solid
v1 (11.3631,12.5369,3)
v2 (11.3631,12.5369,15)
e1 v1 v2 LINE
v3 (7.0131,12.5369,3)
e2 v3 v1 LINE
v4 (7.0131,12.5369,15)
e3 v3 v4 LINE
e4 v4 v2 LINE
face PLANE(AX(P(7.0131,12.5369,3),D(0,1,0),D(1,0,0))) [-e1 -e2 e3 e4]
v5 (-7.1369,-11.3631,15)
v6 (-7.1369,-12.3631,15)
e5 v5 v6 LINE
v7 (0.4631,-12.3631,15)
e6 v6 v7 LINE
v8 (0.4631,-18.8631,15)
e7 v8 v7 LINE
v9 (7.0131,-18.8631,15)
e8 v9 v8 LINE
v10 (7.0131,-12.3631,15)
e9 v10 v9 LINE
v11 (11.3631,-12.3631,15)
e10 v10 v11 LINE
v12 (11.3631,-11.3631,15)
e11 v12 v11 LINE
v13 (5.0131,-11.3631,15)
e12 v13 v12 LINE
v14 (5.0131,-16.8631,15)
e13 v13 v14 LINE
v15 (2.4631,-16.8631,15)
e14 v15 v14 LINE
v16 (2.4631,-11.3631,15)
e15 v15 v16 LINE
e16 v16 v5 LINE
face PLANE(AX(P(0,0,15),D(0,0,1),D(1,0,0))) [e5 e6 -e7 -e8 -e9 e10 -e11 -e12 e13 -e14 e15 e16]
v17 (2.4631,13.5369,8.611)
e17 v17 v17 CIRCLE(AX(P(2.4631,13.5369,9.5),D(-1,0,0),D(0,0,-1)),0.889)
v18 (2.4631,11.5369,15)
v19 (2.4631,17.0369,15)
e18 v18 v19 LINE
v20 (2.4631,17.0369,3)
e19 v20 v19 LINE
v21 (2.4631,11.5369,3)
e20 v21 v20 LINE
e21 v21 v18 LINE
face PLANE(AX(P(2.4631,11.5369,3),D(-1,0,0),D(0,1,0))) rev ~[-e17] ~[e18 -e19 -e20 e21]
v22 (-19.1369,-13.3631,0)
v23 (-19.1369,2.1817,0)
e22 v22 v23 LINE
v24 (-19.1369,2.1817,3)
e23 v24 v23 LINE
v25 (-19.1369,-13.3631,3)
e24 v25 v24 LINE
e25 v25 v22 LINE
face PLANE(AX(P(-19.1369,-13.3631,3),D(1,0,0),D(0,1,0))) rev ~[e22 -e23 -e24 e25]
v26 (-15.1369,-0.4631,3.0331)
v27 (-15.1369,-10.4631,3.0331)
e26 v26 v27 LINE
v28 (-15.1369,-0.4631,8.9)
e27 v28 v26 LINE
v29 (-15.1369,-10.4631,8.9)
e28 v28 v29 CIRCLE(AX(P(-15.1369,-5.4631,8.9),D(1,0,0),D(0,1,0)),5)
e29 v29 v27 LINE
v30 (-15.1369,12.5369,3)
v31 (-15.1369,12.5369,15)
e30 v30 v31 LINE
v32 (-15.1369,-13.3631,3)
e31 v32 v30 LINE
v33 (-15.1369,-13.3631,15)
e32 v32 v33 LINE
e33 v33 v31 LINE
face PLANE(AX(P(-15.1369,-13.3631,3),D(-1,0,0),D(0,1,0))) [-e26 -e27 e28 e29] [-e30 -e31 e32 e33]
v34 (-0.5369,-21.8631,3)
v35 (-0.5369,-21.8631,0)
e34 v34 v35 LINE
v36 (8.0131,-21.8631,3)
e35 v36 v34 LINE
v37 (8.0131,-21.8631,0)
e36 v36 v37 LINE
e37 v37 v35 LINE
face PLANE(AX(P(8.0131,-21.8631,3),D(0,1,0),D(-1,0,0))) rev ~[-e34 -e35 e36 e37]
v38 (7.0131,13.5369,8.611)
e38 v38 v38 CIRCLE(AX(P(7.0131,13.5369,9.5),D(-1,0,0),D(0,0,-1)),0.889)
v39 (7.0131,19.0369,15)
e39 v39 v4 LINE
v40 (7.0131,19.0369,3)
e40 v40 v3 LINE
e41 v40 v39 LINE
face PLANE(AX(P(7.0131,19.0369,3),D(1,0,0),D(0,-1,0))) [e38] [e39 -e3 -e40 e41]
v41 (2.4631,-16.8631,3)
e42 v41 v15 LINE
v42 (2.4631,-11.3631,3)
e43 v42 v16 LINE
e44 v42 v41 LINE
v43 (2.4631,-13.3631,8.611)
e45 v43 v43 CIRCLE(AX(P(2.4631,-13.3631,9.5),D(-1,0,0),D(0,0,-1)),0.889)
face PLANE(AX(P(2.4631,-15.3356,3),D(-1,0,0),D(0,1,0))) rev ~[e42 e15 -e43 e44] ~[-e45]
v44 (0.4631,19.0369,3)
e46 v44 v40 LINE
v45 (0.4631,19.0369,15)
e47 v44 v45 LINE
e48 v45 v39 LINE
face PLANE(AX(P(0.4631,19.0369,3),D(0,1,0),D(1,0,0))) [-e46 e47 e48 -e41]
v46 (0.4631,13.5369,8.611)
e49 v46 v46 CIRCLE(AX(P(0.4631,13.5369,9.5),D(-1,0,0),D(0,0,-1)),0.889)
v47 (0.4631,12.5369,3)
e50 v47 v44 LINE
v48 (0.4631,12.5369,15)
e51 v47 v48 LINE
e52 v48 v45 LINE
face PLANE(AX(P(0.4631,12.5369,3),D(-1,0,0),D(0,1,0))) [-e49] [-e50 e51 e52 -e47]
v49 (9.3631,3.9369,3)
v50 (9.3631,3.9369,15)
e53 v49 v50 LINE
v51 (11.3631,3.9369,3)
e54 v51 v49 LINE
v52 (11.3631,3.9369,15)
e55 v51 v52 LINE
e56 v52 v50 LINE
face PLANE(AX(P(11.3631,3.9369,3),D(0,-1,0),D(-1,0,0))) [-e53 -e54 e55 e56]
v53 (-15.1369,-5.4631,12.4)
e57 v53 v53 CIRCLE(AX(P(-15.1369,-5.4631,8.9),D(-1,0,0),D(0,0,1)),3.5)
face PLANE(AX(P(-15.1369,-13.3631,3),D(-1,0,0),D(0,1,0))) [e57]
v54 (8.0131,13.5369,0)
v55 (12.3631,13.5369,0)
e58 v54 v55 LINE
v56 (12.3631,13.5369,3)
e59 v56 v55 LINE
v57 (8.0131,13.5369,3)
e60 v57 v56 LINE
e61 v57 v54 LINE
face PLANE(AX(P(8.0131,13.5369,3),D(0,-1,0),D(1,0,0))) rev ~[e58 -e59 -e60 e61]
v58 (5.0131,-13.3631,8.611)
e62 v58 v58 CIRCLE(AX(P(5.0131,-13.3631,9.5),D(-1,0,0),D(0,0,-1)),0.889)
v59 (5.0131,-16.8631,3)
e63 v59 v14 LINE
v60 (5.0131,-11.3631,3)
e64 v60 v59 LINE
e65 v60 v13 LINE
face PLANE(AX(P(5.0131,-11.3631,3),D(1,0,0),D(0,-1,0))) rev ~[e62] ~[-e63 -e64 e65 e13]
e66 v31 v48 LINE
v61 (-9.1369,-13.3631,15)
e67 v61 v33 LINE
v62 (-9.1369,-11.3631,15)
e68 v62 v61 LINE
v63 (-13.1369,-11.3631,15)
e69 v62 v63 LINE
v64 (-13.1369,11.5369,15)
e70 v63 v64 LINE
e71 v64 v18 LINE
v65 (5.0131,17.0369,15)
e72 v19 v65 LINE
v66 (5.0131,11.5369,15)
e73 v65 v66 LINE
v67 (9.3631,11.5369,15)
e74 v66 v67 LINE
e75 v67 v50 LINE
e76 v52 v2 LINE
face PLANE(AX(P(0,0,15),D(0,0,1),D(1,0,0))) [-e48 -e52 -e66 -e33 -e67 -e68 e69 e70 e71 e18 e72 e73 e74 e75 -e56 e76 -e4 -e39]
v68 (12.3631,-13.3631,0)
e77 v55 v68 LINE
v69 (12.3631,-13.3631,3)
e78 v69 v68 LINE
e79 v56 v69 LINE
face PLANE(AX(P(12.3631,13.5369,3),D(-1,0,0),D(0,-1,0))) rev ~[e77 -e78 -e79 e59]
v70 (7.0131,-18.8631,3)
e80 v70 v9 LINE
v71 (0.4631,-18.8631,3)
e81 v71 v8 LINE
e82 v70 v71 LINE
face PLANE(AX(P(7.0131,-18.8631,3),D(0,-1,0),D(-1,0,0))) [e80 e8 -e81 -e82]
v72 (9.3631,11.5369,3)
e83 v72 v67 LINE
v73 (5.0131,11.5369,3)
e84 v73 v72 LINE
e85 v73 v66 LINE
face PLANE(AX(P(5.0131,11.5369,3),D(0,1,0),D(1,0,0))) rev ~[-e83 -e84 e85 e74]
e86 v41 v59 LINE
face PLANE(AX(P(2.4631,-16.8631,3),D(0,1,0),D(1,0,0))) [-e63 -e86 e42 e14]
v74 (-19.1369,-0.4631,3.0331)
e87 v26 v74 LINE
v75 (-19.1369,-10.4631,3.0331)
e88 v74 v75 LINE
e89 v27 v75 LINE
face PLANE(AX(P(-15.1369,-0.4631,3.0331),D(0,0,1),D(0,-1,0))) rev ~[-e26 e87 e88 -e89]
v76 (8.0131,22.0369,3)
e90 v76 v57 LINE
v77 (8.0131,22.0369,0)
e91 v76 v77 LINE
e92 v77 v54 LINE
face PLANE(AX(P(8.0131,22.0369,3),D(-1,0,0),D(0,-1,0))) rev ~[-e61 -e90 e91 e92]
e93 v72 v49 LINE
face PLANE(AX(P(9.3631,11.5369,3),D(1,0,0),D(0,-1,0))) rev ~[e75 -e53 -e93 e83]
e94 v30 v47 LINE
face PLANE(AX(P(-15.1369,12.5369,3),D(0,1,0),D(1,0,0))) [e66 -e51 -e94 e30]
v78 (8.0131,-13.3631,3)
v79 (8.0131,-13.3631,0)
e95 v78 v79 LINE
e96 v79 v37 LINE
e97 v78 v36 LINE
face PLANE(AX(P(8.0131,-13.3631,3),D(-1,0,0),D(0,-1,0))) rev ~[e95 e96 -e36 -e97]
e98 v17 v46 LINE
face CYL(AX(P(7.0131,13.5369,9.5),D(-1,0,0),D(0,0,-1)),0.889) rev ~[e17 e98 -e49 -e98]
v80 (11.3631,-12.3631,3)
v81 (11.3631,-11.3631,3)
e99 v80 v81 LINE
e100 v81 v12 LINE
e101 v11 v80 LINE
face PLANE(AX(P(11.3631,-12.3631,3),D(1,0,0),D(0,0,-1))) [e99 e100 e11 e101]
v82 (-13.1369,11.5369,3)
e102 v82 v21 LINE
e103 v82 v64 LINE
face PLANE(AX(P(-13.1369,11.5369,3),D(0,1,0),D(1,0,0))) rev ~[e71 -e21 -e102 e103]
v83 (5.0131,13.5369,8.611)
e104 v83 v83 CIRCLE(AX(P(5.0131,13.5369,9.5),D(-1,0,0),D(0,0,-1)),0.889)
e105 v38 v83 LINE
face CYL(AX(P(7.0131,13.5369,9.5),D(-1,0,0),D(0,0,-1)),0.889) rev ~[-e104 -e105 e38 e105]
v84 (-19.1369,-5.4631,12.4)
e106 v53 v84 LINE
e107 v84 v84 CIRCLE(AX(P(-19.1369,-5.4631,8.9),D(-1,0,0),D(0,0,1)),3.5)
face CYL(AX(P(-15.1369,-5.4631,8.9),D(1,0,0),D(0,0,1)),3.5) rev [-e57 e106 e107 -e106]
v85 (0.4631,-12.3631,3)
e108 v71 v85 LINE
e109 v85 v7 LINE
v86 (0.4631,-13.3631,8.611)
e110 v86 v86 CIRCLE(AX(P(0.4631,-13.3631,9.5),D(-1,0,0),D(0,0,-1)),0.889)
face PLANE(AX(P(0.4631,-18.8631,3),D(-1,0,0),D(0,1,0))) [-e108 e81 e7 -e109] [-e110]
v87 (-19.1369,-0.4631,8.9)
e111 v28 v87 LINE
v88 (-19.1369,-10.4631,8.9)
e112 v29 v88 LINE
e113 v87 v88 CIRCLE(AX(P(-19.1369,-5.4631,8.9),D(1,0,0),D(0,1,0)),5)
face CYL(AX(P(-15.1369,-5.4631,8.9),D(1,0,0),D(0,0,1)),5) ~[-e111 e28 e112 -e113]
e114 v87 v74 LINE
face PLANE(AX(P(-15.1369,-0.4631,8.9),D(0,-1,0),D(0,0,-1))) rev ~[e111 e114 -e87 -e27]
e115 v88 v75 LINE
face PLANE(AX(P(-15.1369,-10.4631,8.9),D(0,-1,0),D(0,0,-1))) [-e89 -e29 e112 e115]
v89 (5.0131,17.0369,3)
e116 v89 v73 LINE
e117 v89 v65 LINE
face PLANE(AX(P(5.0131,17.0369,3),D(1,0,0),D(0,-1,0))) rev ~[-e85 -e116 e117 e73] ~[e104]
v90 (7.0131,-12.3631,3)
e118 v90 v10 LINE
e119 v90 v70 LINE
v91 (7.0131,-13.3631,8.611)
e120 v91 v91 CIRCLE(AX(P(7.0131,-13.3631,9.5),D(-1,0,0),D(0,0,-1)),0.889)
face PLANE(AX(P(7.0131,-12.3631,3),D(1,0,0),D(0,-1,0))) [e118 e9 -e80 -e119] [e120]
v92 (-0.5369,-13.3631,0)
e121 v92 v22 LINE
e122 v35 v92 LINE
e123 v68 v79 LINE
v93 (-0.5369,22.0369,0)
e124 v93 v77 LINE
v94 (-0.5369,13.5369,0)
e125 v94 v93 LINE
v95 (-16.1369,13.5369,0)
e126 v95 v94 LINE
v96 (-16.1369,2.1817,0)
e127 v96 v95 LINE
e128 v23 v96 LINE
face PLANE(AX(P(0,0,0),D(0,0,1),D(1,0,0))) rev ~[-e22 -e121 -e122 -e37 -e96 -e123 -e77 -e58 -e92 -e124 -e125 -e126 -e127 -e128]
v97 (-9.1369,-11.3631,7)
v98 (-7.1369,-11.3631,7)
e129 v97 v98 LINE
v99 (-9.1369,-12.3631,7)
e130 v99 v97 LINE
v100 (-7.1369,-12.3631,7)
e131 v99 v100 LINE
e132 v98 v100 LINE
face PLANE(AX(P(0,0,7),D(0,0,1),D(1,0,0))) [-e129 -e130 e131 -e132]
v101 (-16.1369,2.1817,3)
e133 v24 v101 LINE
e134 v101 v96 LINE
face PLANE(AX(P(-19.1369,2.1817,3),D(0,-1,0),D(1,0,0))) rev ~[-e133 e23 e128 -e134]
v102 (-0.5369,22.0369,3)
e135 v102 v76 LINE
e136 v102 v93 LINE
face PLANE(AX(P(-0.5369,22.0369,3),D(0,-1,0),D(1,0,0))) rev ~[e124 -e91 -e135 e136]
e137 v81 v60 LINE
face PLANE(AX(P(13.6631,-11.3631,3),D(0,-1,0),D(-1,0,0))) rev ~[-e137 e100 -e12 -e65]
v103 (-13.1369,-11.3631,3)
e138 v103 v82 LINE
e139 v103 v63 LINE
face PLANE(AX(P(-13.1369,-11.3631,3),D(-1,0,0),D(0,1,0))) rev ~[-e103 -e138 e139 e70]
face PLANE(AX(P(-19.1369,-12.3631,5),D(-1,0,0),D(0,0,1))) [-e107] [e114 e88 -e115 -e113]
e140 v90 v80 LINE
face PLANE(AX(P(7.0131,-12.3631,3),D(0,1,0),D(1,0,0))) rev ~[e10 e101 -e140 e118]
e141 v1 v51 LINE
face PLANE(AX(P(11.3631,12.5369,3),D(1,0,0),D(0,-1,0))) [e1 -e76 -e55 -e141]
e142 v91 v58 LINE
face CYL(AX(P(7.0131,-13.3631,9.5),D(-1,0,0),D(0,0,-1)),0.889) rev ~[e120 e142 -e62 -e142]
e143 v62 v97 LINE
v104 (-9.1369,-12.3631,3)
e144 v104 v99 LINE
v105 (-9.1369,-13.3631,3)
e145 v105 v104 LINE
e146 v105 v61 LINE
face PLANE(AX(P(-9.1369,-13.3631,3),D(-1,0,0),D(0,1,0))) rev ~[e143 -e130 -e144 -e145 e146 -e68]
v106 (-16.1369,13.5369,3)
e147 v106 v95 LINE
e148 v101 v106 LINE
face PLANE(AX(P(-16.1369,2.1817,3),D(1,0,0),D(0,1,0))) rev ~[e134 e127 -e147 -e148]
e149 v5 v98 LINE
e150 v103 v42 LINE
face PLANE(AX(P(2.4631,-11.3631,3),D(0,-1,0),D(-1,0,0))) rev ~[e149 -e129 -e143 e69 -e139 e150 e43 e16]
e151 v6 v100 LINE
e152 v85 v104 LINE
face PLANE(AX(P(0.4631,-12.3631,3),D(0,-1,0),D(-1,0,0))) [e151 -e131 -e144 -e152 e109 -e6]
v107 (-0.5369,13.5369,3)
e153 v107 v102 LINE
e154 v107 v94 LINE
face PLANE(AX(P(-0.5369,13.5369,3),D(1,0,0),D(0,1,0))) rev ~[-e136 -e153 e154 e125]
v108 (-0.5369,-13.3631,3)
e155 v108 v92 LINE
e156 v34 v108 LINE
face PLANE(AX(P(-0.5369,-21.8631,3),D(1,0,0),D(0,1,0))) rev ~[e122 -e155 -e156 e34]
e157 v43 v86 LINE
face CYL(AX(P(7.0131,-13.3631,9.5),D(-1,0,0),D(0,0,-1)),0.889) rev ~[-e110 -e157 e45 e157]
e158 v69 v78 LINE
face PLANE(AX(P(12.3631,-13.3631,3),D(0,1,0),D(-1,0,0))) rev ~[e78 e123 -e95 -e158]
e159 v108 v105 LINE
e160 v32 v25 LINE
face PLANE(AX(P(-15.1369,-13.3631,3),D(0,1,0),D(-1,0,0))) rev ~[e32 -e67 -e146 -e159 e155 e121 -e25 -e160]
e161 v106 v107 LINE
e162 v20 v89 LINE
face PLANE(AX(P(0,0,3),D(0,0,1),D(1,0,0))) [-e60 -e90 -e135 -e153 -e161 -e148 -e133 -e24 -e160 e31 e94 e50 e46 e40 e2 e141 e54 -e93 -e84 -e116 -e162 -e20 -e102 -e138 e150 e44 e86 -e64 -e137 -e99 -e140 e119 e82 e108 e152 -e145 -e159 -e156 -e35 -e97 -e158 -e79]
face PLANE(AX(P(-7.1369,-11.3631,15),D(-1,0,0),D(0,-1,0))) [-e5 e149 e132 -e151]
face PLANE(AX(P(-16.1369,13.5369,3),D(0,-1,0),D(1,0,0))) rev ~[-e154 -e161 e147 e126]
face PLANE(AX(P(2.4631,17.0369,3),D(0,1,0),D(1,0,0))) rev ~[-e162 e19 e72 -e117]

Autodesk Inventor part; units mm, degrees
ref_plane "YZ Plane" through (0, 0, 0) normal (1, 0, 0) x (0, 1, 0)
sketch "Sketch1" plane through (0, 0, 0) normal (0, 0, 1) x (1, 0, 0)
  line L0 (-20, -23) -> (20, -23)
  line L1 (20, -23) -> (20, 23)
  line L2 (20, 23) -> (-20, 23)
  line L3 (-20, 23) -> (-20, -23)
  line L4 (-20, -23) -> (20, 23) construction
  line L5 (20, -23) -> (-20, 23) construction
  point P0 (0, 0)
  dimension "Szelesseg" = 40
  dimension "Magassag" = 46
extrude "Extrusion1" add sketch "Sketch1" along normal blind 3
sketch "Sketch12" plane through (0, 0, 3) normal (0, 0, 1) x (1, 0, 0)
  line L0 (9.3631, -11.3631) -> (5.0131, -11.3631)
  line L1 (5.0131, -11.3631) -> (5.0131, -16.8631)
  line L2 (2.4631, -15.3356) -> (2.4631, -11.3631)
  line L3 (-13.1369, -11.3631) -> (-13.1369, 11.5369)
  line L4 (-13.1369, 11.5369) -> (2.4631, 11.5369)
  line L5 (2.4631, 11.5369) -> (2.4631, 17.0369)
  line L6 (2.4631, 17.0369) -> (5.0131, 17.0369)
  line L7 (5.0131, 17.0369) -> (5.0131, 11.5369)
  line L8 (5.0131, 11.5369) -> (9.3631, 11.5369)
  line L9 (9.3631, 11.5369) -> (9.3631, 3.9369)
  line L10 (7.0131, -12.3631) -> (7.0131, -18.8631)
  line L11 (7.0131, -18.8631) -> (0.4631, -18.8631)
  line L12 (0.4631, -18.8631) -> (0.4631, -12.3631)
  line L13 (-15.1369, -13.3631) -> (-15.1369, 12.5369)
  line L14 (-15.1369, 12.5369) -> (0.4631, 12.5369)
  line L15 (0.4631, 12.5369) -> (0.4631, 19.0369)
  line L16 (0.4631, 19.0369) -> (7.0131, 19.0369)
  line L17 (7.0131, 19.0369) -> (7.0131, 12.5369)
  line L18 (7.0131, 12.5369) -> (11.3631, 12.5369)
  line L19 (11.3631, 12.5369) -> (11.3631, 5.6471)
  line L20 (7.0131, -12.3631) -> (13.6631, -12.3631)
  line L21 (13.6631, -12.3631) -> (13.6631, -11.3631)
  line L22 (13.6631, -11.3631) -> (9.3631, -11.3631)
  line L23 (-9.1369, -13.3631) -> (-9.1369, -11.3631)
  line L24 (-7.1369, -12.3631) -> (-7.1369, -11.3631)
  line L25 (0.4631, -12.3631) -> (-7.1369, -12.3631)
  line L26 (-9.1369, -13.3631) -> (-15.1369, -13.3631)
  line L27 (2.4631, -11.3631) -> (-7.1369, -11.3631)
  line L28 (-9.1369, -11.3631) -> (-13.1369, -11.3631)
  line L29 (-18.3631, -21.3631) -> (-18.3631, 21.3631)
  line L30 (18.3631, 21.3631) -> (18.3631, -21.3631) projected
  line L31 (18.3631, -21.3631) -> (-18.3631, -21.3631) projected
  line L32 (-18.3631, 21.3631) -> (18.3631, 21.3631) projected
  line L33 (2.4631, -15.3356) -> (2.4631, -16.8631)
  line L34 (-16.127, -19.127) -> (16.127, -19.127) projected
  line L35 (2.4631, -16.8631) -> (5.0131, -16.8631)
  line L36 (11.3631, 5.6471) -> (11.3631, 3.9369)
  line L37 (11.3631, 3.9369) -> (9.3631, 3.9369)
  line L38 (-9.1369, -12.3631) -> (-7.1369, -12.3631)
  line L39 (-9.1369, -11.3631) -> (-7.1369, -11.3631)
  point P0 (19.6785, 0.2929)
  dimension "d83" = 22.5
  dimension "d85" = 2.55
  dimension "d86" = 2.55
  dimension "d87" = 15.6
  dimension "d88" = 15.6
  dimension "d89" = 4.35
  dimension "d90" = 4.35
  dimension "d91" = 7.6
  dimension "d92" = 5.5
  dimension "d95" = 22.9
  dimension "d97" = 2
  dimension "d98" = 2
  dimension "d99" = 2
  dimension "d100" = 2
  dimension "d101" = 2
  dimension "d102" = 2
  dimension "d103" = 4.3
  dimension "d105" = 2
  dimension "d106" = 1
  dimension "d107" = 1
  dimension "d109" = 1
  dimension "d110" = 4
  dimension "d111" = 2
  dimension "d112" = 2
  dimension "d113" = 1
  dimension "d114" = 22.9
  dimension "d125" = 2.5
  dimension "d130" = 4.7
  dimension "d132" = 9
  dimension "d133" = 5.5
  dimension "d139" = 2
extrude "Extrusion4" add sketch "Sketch12" along normal blind 12 contours L22 L21 L20 L10 L11 L12 L25 L24 L27 L2 L33 L35 L1 L0 | L24 L38 L23 L39 | L23 L26 L13 L14 L15 L16 L17 L18 L19 L36 L37 L9 L8 L7 L6 L5 L4 L3 L28
sketch "Sketch14" plane through (0, 0, 15) normal (0, 0, 1) x (1, 0, 0)
  line L0 (-9.1369, -12.3631) -> (0.4631, -12.3631) projected
  line L1 (-9.1369, -12.3631) -> (-9.1369, -11.3631)
  line L2 (-13.1369, -11.3631) -> (2.4631, -11.3631) projected
  line L3 (-7.1369, -11.3631) -> (-7.1369, -12.3631)
  point P0 (0, 0)
  dimension "d136" = 2
extrude "Extrusion5" cut sketch "Sketch14" against normal blind 8
sketch "Sketch17" plane through (7.0131, -18.8631, 3) normal (1, 0, 0) x (0, 0, -1)
  line L0 (0, 0) -> (-12, 0) projected
  line L1 (0, 7.5) -> (-12, 7.5) projected
  line L2 (0, 6.5) -> (-12, 6.5) projected
  line L3 (-12, 7.5) -> (-12, 30.4) construction
  line L4 (-12, 18.95) -> (0, 18.95) construction
  line L5 (0, 37.9) -> (-12, 37.9) construction
  line L6 (0, 31.4) -> (-12, 31.4) construction
  point P0 (3, 18.8631)
  point P1 (-6.5, 5.5)
  point P2 (-6.5, 32.4)
  dimension "d144" = 1
  dimension "d145" = 18.95
  dimension "d146" = 1
hole "Hole3" at (7.0131, -13.3631, 9.5) at (7.0131, 13.5369, 9.5) direction (-1, 0, 0) diameter 1.778 depth 8 tip angle 118
ref_plane "Work Plane1" through (-15.1369, -12.3631, 5) normal (-1, 0, 0) x (0, 0, 1)
sketch "Sketch18" plane through (-15.1369, -12.3631, 5) normal (-1, 0, 0) x (0, 0, 1)
  line L0 (10, 0) -> (0, 0) projected
  line L1 (-2, -9) -> (-2, 33.7262) projected
  circle A0 centre (3.9, 6.9) radius 3.5
  circle A1 centre (3.9, 6.9) radius 5
  point P0 (-5, 12.3631)
  point P1 (9, 0)
  dimension "d156" = 6.9
  dimension "d157" = 5.9
  dimension "d158" = 7
  dimension "d159" = 10
extrude "Extrusion6" add sketch "Sketch18" along normal blind 4
sketch "Sketch20" plane through (0, 0, 3) normal (0, 0, 1) x (1, 0, 0)
  point P0 (0, 0)
ref_plane "Work Plane2" through (0.4631, -17.8631, 14) normal (-1, 0, 0) x (0, 0, 1)
sketch "Sketch21" plane through (0.4631, -17.8631, 14) normal (-1, 0, 0) x (0, 0, 1)
  line L0 (-11, -3.5) -> (-11, 39.2262) projected
  arc A0 (-5.389, 4.5) -> (-3.611, 4.5) centre (-4.5, 4.5) ccw projected
  line L1 (0, 5.5) -> (-11, 5.5) projected
  point P0 (-14, 17.8631)
  point P1 (-9, 5.5)
  dimension "d164" = 6.5
  dimension "d165" = 1
sketch "Sketch22" plane through (-15.1369, -13.127, 3) normal (-1, 0, 0) x (0, 0, 1)
  circle A0 centre (5.9, 7.6639) radius 5 projected
  line L0 (5.9, 12.6639) -> (0.0331, 12.6639)
  line L1 (5.9, 2.6639) -> (0.0331, 2.6639)
  line L2 (0.0331, 12.6639) -> (0.0331, 2.6639)
  line L3 (0, -0.2361) -> (0, 25.6639) projected
  point P0 (-3, 13.127)
  point P1 (0, 0)
  point P2 (0, 25.4279)
  point P3 (0, 0.7639)
  point P4 (0, 24.6639)
extrude "Extrusion7" add sketch "Sketch22" along normal blind 4 contours A0 L1 L2 L0
sketch "Sketch25" plane through (13.6631, -12.3631, 3) normal (1, 0, 0) x (0, 0, -1)
  line L0 (-12, 1) -> (-12, -4.5) projected
  line L1 (0, 1) -> (-12, 1) projected
  line L2 (-12, -0.0067) -> (0, -0.0067)
  line L3 (0, -0.0067) -> (0, 1)
  line L4 (0, 1) -> (-12, 1)
  line L5 (-12, 1) -> (-12, -0.0067)
  point P0 (3, 12.3631)
extrude "Extrusion8" cut sketch "Sketch25" against normal blind 2.3
sketch "Sketch26" plane through (0, 0, 3) normal (0, 0, 1) x (1, 0, 0)
  line L0 (-19.1369, -13.3631) -> (-19.1369, 2.1817)
  line L1 (-19.1369, -0.4631) -> (-19.1369, -10.4631) projected
  line L2 (-19.1369, 2.1817) -> (-16.1369, 2.1817)
  line L3 (-16.1369, 2.1817) -> (-16.1369, 13.5369)
  line L4 (-16.1369, 13.5369) -> (-0.5369, 13.5369)
  line L5 (-0.5369, 13.5369) -> (-0.5369, 22.0369)
  line L6 (-0.5369, 22.0369) -> (8.0131, 22.0369)
  line L7 (8.0131, 22.0369) -> (8.0131, 13.5369)
  line L8 (8.0131, 13.5369) -> (12.3631, 13.5369)
  line L9 (12.3631, 13.5369) -> (12.3631, -13.3631)
  line L10 (12.3631, -13.3631) -> (8.0131, -13.3631)
  line L11 (8.0131, -13.3631) -> (8.0131, -21.8631)
  line L12 (8.0131, -21.8631) -> (-0.5369, -21.8631)
  line L13 (-0.5369, -21.8631) -> (-0.5369, -13.3631)
  line L14 (-0.5369, -13.3631) -> (-19.1369, -13.3631)
  line L15 (-15.1369, -13.3631) -> (-15.1369, 12.5369) projected
  line L16 (0.4631, 12.5369) -> (-15.1369, 12.5369) projected
  line L17 (0.4631, 19.0369) -> (0.4631, 12.5369) projected
  line L18 (7.0131, 19.0369) -> (0.4631, 19.0369) projected
  line L19 (7.0131, 12.5369) -> (7.0131, 19.0369) projected
  line L20 (11.3631, 3.9369) -> (11.3631, 12.5369) projected
  line L21 (7.0131, -12.3631) -> (11.3631, -12.3631) projected
  line L22 (7.0131, -12.3631) -> (7.0131, -18.8631) projected
  line L23 (0.4631, -18.8631) -> (7.0131, -18.8631) projected
  line L24 (-7.1369, -12.3631) -> (0.4631, -12.3631) projected
  line L25 (-20, -23) -> (20, -23) projected
  line L26 (-20, -23) -> (20, -23)
  line L27 (20, -23) -> (20, 23)
  line L28 (20, 23) -> (-20, 23)
  line L29 (-20, 23) -> (-20, -23)
  point P0 (0, 0)
  dimension "d177" = 1
  dimension "d178" = 1
  dimension "d179" = 1
  dimension "d180" = 3
  dimension "d181" = 1
  dimension "d182" = 1
  dimension "d183" = 1
  dimension "d184" = 1
  dimension "d185" = 3
  dimension "d186" = 1
  dimension "d187" = 4
  dimension "d188" = 3
extrude "Extrusion9" cut sketch "Sketch26" against normal blind 10
sketch "Sketch27" plane through (0, 0, 3) normal (0, 0, 1) x (1, 0, 0)
  line L0 (-0.5369, 22.0369) -> (-0.5369, 13.5369) projected
  line L1 (8.0131, 22.0369) -> (-0.5369, 22.0369) projected
  line L2 (-0.5369, 19.0369) -> (8.0131, 19.0369)
  line L3 (8.0131, 19.0369) -> (8.0131, 22.0369)
  line L4 (8.0131, 22.0369) -> (-0.5369, 22.0369)
  line L5 (-0.5369, 22.0369) -> (-0.5369, 19.0369)
  line L6 (-0.5369, -21.8631) -> (-0.5369, -13.3631) projected
  line L7 (8.0131, -21.8631) -> (8.0131, -13.3631) projected
  line L8 (-0.5369, -21.8631) -> (8.0131, -21.8631)
  line L9 (8.0131, -21.8631) -> (8.0131, -18.8631)
  line L10 (8.0131, -18.8631) -> (-0.5369, -18.8631)
  line L11 (-0.5369, -18.8631) -> (-0.5369, -21.8631)
  point P0 (0, 0)
equation "\"d86\" = d85"
equation "\"d90\" = d89"
equation "\"d95\" = d82"
equation "\"d9\" = 0.5 * d10"
equation "\"d12\" = d11"
equation "\"d13\" = d11"
equation "\"d14\" = d11"
equation "\"d93\" = d92"
equation "\"d82\" = 22.9"
equation "\"d10\" = 18.133333"
equation "\"d11\" = 2"
properties part number "Hip_rotation_temp"
